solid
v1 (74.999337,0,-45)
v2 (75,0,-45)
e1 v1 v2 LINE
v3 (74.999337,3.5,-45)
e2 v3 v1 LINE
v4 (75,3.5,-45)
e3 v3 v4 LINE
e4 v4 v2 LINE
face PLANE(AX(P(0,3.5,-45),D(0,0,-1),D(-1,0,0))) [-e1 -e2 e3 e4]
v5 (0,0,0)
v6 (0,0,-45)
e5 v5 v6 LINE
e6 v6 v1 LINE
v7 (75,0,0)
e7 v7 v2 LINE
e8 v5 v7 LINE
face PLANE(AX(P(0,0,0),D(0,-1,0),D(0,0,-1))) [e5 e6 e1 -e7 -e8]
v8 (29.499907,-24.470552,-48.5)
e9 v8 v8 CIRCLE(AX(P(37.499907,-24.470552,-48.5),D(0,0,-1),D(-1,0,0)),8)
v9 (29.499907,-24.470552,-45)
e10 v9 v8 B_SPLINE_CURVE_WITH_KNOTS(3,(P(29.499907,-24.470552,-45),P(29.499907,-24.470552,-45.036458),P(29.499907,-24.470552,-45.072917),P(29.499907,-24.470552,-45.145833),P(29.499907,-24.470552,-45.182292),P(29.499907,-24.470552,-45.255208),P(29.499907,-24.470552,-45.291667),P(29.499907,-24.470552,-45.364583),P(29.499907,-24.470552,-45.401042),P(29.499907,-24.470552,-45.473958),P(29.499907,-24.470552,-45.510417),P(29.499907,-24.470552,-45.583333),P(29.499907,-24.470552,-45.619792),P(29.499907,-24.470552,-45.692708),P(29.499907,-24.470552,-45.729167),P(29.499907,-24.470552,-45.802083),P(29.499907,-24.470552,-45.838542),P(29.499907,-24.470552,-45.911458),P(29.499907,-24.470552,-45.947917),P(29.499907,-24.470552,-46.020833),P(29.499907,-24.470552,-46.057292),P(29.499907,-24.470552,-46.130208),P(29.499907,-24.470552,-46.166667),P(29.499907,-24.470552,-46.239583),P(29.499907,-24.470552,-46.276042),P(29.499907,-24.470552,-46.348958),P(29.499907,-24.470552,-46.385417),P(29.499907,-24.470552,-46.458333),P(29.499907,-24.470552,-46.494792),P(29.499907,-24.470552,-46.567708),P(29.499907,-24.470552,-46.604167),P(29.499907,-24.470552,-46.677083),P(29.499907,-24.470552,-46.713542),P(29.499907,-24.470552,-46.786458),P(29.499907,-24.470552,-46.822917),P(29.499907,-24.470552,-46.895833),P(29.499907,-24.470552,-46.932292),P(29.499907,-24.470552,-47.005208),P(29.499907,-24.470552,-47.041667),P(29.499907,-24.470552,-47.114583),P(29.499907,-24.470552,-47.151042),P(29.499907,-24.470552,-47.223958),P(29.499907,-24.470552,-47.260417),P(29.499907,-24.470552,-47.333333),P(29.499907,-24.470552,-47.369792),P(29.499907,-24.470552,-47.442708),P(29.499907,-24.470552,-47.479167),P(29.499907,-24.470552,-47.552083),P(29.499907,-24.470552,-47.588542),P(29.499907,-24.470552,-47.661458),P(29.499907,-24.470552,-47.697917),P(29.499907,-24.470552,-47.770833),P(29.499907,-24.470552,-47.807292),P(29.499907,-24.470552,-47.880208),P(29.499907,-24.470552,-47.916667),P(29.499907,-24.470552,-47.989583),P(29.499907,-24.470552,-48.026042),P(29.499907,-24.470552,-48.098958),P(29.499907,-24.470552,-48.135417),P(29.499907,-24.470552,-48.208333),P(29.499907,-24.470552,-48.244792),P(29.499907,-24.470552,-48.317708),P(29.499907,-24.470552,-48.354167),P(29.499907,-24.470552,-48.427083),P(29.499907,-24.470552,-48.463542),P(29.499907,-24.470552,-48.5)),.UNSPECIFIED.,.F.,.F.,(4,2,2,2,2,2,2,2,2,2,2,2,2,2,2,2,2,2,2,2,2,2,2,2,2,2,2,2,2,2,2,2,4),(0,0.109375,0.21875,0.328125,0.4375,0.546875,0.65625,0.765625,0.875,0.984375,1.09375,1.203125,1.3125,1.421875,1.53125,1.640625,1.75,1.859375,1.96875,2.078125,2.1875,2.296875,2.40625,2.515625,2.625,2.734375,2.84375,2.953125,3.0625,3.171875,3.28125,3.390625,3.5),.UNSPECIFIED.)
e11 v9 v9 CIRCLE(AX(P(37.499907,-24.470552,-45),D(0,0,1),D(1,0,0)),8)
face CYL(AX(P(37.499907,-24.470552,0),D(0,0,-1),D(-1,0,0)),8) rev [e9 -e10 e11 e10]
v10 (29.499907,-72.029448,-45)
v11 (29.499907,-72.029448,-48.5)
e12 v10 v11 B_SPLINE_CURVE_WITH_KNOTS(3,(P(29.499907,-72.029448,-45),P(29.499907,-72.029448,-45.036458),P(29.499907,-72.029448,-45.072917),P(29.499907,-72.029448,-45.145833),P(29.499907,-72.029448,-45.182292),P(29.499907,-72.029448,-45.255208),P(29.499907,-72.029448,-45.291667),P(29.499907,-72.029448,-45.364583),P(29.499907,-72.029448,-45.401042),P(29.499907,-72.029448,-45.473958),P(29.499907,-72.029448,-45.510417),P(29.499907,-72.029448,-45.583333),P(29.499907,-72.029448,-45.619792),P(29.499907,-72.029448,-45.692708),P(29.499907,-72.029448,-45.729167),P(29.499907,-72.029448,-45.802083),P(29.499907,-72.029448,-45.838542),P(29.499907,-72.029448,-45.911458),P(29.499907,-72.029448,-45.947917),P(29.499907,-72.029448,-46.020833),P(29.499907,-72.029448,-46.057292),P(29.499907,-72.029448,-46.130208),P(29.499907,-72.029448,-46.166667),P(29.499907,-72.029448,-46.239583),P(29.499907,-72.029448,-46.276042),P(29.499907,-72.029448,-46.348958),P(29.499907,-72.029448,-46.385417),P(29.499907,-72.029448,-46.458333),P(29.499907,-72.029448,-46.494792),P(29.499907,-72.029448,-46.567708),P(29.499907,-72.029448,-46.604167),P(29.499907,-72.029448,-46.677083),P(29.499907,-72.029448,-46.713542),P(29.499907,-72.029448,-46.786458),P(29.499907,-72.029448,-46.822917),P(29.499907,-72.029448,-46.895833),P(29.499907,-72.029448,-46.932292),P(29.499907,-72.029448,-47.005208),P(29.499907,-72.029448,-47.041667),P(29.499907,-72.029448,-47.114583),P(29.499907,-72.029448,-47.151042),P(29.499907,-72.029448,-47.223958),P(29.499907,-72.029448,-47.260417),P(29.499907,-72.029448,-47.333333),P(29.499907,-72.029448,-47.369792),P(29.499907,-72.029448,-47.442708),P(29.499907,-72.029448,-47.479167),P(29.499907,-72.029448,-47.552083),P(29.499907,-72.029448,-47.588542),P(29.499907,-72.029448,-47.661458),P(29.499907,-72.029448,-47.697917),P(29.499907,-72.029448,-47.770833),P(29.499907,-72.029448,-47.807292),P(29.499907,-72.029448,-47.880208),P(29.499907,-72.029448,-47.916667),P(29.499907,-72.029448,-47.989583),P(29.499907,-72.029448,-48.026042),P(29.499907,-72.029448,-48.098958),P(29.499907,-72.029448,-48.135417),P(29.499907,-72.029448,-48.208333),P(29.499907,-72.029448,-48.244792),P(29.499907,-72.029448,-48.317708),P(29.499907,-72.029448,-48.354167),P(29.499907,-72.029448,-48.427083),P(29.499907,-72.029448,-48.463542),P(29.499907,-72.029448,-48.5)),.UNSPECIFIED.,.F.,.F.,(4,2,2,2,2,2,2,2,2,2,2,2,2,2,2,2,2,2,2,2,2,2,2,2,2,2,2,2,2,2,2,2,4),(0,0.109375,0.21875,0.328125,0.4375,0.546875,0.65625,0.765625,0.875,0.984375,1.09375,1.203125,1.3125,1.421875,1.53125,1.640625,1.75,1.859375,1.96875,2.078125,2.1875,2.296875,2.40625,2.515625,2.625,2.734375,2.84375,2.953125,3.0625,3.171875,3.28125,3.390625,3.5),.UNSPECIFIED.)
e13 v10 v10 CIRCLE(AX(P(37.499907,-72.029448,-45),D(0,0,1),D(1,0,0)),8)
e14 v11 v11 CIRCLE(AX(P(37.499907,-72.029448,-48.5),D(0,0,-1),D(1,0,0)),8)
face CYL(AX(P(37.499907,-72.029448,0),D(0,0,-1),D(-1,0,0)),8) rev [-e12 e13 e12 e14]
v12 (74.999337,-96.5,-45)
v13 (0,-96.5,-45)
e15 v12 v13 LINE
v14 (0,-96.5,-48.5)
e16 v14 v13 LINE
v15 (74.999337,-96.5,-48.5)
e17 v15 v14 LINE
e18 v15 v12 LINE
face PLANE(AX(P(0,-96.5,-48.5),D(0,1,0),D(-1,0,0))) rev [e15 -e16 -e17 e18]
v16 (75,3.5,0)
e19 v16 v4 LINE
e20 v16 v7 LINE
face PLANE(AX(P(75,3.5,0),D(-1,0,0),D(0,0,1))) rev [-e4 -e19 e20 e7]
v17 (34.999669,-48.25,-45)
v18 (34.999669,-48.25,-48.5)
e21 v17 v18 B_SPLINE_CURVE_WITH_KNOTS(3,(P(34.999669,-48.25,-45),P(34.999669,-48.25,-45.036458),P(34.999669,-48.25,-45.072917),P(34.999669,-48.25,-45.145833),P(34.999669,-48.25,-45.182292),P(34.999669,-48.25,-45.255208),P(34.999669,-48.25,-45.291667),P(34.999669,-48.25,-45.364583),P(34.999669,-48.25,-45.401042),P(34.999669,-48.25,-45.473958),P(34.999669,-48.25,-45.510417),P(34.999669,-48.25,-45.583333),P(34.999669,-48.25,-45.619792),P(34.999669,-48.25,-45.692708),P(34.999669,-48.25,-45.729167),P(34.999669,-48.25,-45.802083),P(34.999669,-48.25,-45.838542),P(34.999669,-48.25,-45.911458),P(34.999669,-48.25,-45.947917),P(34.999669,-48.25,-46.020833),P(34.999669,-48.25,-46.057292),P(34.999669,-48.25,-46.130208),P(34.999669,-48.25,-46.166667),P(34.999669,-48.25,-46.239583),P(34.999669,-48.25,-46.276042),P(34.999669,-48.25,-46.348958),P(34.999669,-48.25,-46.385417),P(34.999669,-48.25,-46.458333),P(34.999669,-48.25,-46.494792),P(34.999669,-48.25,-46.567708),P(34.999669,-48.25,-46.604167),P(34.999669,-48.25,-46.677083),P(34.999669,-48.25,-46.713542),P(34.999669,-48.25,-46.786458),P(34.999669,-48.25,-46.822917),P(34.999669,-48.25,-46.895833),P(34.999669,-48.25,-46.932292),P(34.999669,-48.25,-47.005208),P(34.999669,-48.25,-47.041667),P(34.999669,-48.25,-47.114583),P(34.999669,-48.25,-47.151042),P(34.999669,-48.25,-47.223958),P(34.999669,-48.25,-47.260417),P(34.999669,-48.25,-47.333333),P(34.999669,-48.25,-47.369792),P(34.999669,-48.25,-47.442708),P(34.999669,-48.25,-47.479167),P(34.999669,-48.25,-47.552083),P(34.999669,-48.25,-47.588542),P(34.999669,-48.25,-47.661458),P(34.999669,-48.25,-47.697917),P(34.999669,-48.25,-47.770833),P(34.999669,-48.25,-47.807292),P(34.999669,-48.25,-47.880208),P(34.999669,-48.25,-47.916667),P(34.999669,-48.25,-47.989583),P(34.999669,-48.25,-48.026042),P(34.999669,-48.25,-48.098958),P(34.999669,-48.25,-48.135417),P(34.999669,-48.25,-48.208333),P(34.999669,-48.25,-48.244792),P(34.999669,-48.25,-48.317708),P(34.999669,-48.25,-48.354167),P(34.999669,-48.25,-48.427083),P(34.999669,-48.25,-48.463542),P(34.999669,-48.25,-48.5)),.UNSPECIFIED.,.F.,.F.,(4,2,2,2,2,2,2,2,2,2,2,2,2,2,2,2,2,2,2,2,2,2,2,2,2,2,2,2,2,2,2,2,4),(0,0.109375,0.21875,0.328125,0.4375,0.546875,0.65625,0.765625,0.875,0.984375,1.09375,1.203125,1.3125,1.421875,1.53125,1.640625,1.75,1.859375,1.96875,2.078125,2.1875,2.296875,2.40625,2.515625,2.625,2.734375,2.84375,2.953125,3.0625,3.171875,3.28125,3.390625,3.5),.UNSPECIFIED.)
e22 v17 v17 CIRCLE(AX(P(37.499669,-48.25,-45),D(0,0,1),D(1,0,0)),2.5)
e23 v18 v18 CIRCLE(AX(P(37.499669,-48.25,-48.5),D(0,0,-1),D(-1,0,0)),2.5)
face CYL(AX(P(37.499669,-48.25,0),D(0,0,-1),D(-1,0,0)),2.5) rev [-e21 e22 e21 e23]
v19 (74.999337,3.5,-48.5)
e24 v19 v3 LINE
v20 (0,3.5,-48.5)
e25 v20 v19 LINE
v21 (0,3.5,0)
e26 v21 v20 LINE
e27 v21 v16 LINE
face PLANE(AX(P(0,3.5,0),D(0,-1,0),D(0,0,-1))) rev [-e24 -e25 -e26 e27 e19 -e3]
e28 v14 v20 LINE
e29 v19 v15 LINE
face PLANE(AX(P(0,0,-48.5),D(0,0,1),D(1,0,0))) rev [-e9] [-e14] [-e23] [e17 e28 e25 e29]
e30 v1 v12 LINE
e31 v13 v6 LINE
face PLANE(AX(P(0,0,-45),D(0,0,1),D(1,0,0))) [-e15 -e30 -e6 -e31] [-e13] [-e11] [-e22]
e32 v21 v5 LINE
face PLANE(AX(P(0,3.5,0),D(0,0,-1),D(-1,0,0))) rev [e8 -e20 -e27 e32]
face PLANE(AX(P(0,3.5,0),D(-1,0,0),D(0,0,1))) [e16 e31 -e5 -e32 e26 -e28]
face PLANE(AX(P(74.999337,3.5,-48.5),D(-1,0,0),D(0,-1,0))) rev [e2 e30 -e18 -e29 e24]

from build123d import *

# Parameters (mm, degrees)
SKETCH1_W           = 75
SKETCH1_H           = 45
BOSS_EXTRUDE1_DEPTH = 3.5
SKETCH2_W           = 74.999337444
SKETCH2_H           = 100
BOSS_EXTRUDE2_DEPTH = 3.5
SKETCH3_R           = 8
SKETCH3_R_2         = 2.5
CUT_EXTRUDE2_DEPTH  = 132.48954331


with BuildPart() as part:
    # Sketch1 → Boss-Extrude1 (new body)
    with BuildSketch(Plane(origin=(0, 0, 0), x_dir=(1, 0, 0), z_dir=(0, 1, 0))):
        with Locations((37.5, 22.5)):
            Rectangle(SKETCH1_W, SKETCH1_H)
    extrude(amount=BOSS_EXTRUDE1_DEPTH)

    # Sketch2 → Boss-Extrude2 (add)
    with BuildSketch(Plane(origin=(0, 0, -45), x_dir=(-1, 0, 0), z_dir=(0, 0, -1))):
        with Locations((-37.499668722, -46.5)):
            Rectangle(SKETCH2_W, SKETCH2_H)
    extrude(amount=BOSS_EXTRUDE2_DEPTH)

    # Sketch3 → Cut-Extrude2 (cut, through all)
    with BuildSketch(Plane(origin=(0, 0, -48.5), x_dir=(-1, 0, 0), z_dir=(0, 0, -1))):
        with Locations((-37.49990734, -24.47055223)):
            Circle(SKETCH3_R)
        with Locations((-37.49990734, -72.02944777)):
            Circle(SKETCH3_R)
        with Locations((-37.499668722, -48.25)):
            Circle(SKETCH3_R_2)
    extrude(amount=-CUT_EXTRUDE2_DEPTH, mode=Mode.SUBTRACT)


solid = part.part
